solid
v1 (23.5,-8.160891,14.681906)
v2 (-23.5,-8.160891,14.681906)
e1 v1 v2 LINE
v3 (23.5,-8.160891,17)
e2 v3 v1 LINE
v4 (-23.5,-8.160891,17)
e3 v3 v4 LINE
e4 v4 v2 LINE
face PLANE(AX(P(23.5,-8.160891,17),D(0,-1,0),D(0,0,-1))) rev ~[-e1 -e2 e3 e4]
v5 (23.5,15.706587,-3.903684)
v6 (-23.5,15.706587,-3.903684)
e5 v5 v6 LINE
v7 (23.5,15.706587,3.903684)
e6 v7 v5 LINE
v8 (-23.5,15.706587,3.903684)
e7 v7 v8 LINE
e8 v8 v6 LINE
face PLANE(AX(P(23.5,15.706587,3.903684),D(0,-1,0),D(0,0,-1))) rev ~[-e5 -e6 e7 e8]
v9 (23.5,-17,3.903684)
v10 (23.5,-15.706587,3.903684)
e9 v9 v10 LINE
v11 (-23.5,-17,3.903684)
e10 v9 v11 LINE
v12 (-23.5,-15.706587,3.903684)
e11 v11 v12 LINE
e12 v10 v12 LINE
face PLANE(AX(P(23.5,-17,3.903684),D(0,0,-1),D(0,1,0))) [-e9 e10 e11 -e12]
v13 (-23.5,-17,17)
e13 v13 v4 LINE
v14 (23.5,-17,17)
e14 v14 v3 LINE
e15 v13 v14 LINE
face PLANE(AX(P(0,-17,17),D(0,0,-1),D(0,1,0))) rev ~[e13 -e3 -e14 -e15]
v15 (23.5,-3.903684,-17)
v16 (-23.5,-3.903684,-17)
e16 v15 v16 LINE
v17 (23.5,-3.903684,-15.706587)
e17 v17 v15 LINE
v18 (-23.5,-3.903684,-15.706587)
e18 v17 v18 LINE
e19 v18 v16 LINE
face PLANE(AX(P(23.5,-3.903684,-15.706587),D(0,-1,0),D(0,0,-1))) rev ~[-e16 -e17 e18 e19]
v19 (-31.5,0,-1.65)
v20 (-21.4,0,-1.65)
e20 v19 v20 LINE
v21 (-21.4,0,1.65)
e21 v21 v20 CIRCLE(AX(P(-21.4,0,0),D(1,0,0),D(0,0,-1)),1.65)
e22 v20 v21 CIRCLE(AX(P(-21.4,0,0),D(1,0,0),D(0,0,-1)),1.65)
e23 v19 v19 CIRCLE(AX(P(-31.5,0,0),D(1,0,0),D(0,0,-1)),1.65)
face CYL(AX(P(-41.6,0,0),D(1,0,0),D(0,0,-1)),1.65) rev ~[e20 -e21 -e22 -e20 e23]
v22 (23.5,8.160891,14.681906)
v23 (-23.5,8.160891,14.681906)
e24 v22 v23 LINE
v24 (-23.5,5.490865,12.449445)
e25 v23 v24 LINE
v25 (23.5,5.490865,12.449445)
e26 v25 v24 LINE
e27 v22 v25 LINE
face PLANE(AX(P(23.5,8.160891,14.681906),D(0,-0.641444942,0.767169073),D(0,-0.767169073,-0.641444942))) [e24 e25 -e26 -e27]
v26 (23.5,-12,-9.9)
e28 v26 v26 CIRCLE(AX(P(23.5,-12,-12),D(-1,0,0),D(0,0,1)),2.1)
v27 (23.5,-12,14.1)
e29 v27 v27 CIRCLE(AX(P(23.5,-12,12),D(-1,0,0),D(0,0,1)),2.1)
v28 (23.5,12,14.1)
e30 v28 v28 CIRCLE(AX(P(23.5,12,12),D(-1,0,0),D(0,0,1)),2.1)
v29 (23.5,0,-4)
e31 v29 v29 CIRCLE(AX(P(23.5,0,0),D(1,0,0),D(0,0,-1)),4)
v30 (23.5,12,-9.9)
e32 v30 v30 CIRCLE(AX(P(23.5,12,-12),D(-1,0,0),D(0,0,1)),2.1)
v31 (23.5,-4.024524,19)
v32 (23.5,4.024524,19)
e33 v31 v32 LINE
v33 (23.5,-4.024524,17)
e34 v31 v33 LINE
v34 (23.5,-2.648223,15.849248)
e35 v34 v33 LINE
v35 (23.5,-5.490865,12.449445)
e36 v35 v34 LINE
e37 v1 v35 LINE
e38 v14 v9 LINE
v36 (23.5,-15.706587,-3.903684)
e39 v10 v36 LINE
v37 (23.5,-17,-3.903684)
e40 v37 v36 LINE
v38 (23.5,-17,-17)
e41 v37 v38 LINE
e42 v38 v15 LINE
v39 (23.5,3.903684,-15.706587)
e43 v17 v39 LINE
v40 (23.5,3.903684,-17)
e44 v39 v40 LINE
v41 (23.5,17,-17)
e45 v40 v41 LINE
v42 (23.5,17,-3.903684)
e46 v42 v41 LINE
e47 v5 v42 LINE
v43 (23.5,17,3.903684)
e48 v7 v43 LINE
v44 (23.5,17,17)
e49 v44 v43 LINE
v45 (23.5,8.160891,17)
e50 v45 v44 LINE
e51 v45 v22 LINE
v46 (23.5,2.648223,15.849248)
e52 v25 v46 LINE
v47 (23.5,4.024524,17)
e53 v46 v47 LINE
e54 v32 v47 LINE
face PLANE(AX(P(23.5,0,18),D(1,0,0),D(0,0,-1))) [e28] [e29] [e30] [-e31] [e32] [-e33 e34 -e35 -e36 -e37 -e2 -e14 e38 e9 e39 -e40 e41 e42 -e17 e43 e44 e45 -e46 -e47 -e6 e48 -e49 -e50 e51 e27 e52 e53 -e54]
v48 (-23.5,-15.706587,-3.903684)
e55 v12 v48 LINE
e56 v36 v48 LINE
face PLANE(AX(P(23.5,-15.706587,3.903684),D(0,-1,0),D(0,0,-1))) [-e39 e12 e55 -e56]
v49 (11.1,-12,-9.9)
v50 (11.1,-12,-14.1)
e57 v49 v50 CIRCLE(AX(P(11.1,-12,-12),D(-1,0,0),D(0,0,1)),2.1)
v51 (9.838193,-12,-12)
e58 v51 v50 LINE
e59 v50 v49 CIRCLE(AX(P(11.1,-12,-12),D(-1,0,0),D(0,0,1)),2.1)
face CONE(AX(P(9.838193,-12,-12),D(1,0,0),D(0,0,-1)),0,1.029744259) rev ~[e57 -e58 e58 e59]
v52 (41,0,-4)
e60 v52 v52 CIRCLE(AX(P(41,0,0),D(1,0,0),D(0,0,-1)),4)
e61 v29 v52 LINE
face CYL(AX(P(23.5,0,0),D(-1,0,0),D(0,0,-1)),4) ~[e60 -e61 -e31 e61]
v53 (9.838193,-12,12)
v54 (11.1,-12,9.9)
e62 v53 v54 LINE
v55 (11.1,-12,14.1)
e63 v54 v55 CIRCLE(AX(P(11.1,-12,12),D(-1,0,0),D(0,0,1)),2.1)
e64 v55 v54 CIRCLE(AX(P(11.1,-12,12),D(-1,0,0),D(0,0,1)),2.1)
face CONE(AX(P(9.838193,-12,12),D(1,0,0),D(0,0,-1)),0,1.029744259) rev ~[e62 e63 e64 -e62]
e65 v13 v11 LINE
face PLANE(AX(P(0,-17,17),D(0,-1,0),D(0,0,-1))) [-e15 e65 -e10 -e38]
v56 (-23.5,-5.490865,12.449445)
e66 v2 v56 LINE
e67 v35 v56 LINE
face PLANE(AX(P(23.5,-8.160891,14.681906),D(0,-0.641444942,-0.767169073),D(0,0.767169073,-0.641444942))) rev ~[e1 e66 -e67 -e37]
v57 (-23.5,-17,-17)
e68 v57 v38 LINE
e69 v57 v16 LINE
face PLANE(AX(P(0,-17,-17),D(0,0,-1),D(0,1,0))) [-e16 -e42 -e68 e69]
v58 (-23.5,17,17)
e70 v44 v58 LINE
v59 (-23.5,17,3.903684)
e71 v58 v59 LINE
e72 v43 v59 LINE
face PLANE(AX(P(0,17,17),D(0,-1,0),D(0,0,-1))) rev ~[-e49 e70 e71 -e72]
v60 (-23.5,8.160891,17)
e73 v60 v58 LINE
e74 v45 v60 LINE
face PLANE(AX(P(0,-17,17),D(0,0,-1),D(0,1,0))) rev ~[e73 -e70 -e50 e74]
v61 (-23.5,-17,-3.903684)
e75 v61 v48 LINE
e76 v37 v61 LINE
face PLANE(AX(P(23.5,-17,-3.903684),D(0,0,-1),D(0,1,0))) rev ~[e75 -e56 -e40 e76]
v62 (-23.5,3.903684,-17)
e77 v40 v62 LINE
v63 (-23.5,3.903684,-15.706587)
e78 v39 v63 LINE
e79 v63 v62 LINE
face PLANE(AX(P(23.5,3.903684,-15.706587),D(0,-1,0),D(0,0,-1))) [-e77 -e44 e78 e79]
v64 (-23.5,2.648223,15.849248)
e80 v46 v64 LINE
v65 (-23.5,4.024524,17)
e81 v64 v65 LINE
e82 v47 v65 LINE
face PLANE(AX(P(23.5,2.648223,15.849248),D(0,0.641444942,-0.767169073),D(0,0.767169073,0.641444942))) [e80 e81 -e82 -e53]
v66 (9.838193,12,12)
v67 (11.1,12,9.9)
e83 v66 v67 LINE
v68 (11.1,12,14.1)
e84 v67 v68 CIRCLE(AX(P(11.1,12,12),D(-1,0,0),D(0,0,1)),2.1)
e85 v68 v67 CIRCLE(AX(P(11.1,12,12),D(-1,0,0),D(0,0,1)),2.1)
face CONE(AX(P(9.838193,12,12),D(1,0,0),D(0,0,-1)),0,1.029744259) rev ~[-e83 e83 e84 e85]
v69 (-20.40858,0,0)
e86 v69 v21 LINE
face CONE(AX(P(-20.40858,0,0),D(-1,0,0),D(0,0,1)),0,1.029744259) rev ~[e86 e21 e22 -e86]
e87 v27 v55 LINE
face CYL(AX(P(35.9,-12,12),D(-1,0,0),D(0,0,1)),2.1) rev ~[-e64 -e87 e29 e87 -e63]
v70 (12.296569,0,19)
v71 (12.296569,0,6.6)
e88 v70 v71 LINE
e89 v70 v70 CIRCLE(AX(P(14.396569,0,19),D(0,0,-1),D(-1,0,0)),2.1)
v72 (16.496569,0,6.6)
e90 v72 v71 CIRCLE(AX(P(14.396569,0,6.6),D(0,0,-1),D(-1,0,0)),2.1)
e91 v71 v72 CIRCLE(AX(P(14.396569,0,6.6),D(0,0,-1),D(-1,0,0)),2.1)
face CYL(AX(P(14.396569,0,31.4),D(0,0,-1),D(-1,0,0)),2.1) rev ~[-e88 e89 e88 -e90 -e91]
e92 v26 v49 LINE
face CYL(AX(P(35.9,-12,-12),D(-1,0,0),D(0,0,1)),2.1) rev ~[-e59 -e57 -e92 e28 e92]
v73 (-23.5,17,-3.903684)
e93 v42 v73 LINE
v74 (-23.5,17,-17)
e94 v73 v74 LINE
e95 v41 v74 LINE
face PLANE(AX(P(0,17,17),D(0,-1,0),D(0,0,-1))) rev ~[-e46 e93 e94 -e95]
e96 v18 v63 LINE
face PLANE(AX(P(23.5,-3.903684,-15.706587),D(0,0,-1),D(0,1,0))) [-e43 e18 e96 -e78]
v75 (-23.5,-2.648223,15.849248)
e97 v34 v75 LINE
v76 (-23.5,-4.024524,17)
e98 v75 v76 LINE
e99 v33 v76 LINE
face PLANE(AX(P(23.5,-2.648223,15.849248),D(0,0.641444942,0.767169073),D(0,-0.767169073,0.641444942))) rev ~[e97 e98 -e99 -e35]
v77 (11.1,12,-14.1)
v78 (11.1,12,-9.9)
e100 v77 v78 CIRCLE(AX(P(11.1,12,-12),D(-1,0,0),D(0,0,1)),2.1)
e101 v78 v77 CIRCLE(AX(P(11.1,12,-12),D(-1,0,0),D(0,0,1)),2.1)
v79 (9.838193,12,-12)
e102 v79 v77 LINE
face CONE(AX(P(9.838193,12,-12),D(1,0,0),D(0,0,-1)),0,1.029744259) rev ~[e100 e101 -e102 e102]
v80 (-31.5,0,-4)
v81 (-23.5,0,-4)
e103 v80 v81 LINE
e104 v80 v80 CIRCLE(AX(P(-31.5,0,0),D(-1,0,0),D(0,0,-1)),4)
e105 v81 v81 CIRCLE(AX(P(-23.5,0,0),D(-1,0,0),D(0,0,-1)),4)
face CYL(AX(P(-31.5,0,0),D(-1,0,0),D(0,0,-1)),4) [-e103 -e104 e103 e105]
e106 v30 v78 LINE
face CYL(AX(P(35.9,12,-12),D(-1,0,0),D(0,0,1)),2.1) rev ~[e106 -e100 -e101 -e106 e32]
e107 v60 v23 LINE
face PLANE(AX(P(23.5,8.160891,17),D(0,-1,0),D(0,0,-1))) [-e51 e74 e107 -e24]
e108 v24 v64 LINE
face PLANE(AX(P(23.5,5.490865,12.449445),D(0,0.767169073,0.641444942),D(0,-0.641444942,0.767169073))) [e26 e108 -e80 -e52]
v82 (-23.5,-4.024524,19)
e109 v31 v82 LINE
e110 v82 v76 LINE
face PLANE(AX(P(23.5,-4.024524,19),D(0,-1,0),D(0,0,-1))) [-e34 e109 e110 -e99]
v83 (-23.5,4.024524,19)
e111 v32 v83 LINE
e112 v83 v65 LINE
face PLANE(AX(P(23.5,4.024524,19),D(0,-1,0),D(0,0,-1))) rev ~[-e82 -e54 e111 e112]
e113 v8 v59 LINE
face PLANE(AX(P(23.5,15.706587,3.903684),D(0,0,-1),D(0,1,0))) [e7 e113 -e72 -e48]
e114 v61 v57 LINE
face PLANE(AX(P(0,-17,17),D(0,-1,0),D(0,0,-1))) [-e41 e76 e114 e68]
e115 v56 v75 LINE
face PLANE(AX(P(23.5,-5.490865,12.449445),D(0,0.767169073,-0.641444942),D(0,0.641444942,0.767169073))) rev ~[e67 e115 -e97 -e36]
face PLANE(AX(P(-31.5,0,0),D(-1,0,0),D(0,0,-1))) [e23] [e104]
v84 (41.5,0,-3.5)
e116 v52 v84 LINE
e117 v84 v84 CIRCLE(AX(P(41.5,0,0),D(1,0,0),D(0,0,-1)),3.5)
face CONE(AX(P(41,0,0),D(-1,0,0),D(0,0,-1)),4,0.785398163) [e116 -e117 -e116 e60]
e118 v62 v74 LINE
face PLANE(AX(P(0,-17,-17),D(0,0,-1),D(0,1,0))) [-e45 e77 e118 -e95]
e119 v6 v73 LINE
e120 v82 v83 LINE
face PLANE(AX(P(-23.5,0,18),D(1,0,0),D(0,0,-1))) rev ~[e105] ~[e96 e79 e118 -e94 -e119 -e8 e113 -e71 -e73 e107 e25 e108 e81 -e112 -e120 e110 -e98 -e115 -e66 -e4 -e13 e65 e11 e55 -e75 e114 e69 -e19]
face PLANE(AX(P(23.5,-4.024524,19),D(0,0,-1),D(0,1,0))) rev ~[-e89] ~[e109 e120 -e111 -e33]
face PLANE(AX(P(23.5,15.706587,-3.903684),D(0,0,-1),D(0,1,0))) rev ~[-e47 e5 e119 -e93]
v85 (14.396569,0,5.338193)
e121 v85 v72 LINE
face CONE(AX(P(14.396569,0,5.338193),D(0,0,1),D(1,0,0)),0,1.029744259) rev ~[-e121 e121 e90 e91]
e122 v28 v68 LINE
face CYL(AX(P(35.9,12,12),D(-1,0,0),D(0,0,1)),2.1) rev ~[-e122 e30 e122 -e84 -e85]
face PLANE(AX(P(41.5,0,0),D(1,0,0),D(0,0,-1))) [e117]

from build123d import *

# Parameters (mm, degrees)
SKETCH_1_W          = 34
SKETCH_1_H          = 34
EXTRUDE_1_DEPTH     = 23.5
SKETCH_2_W          = 7.807367758
SKETCH_2_H          = 1.293413098
SKETCH_2_W_2        = 1.293413098
SKETCH_2_H_2        = 7.807367758
CUT_EXTRUDE_1_DEPTH = 53.792044855
CUT_EXTRUDE_2_DEPTH = 53.792044855
SKETCH_4_W          = 2
SKETCH_4_H          = 8.049048512
EXTRUDE_2_DEPTH     = 47
M5X0_8_1_D          = 4.2
M5X0_8_1_DEPTH      = 12.4
M5X0_8_1_TIP        = 1.2618073
SKETCH_7_R          = 4
EXTRUDE_3_DEPTH     = 18
EXTRUDE_START       = 8
SKETCH_8_R          = 4
EXTRUDE_4_DEPTH     = 8
M4X0_7_1_D          = 3.3
M4X0_7_1_DEPTH      = 10.1
M4X0_7_1_TIP        = 0.991420021
M5X0_8_2_D          = 4.2
M5X0_8_2_DEPTH      = 12.4
M5X0_8_2_TIP        = 1.2618073
CHAMFER_1_SIZE      = 0.5


with BuildPart() as part:
    # 草图1 → 凸台-拉伸1 (new, symmetric)
    with BuildSketch(Plane(origin=(0, 0, 0), x_dir=(0, 0, -1), z_dir=(1, 0, 0))):
        Rectangle(SKETCH_1_W, SKETCH_1_H)
    extrude(amount=EXTRUDE_1_DEPTH, both=True)

    # 草图2 → 切除-拉伸1 (cut, through all)
    with BuildSketch(Plane(origin=(23.5, 0, 0), x_dir=(0, 0, -1), z_dir=(1, 0, 0))):
        with Locations((0, 16.353293451)):
            Rectangle(SKETCH_2_W, SKETCH_2_H)
        with Locations((0, -16.353293451)):
            Rectangle(SKETCH_2_W, SKETCH_2_H)
        with Locations((16.353293451, 0)):
            Rectangle(SKETCH_2_W_2, SKETCH_2_H_2)
    extrude(amount=-CUT_EXTRUDE_1_DEPTH, mode=Mode.SUBTRACT)

    # 草图3 → 切除-拉伸2 (cut, through all)
    with BuildSketch(Plane(origin=(23.5, 0, 0), x_dir=(0, 0, -1), z_dir=(1, 0, 0))):
        Polygon((-17, 8.160891433), (-14.681905921, 8.160891433), (-12.449444795, 5.490864716), (-15.849248052, 2.648223271), (-17, 4.024524256), align=None)
        Polygon((-17, -4.024524256), (-17, -8.160891433), (-14.681905921, -8.160891433), (-12.449444795, -5.490864716), (-15.849248052, -2.648223271), align=None)
    extrude(amount=-CUT_EXTRUDE_2_DEPTH, mode=Mode.SUBTRACT)

    # 草图4 → 凸台-拉伸2 (add)
    with BuildSketch(Plane(origin=(23.5, 0, 0), x_dir=(0, 0, -1), z_dir=(1, 0, 0))):
        with Locations((-18, 0)):
            Rectangle(SKETCH_4_W, SKETCH_4_H)
    extrude(amount=-EXTRUDE_2_DEPTH)

    # M5x0.8 螺纹孔1
    with Locations(Plane.XY.offset(19)):
        with Locations((14.396569206, 0)):
            Hole(M5X0_8_1_D / 2, depth=M5X0_8_1_DEPTH)
            with Locations((0, 0, -(M5X0_8_1_DEPTH + M5X0_8_1_TIP / 2))):  # 118° drill point
                Cone(0, M5X0_8_1_D / 2, M5X0_8_1_TIP, mode=Mode.SUBTRACT)

    # 草图7 → 凸台-拉伸3 (add)
    with BuildSketch(Plane(origin=(23.5, 0, 0), x_dir=(0, 0, -1), z_dir=(1, 0, 0))):
        Circle(SKETCH_7_R)
    extrude(amount=EXTRUDE_3_DEPTH)

    # 草图8 → 凸台-拉伸4 (add)
    with BuildSketch(Plane.ZY.offset(23.5).offset(EXTRUDE_START)):
        with Locations(Location((0, 0, 0), (0, 0, 180))):
            Circle(SKETCH_8_R)
    extrude(amount=-EXTRUDE_4_DEPTH)

    # M4x0.7 螺纹孔1
    with Locations(Plane.ZY.offset(31.5)):
        with Locations((0, 0)):
            Hole(M4X0_7_1_D / 2, depth=M4X0_7_1_DEPTH)
            with Locations((0, 0, -(M4X0_7_1_DEPTH + M4X0_7_1_TIP / 2))):  # 118° drill point
                Cone(0, M4X0_7_1_D / 2, M4X0_7_1_TIP, mode=Mode.SUBTRACT)

    # M5x0.8 螺纹孔2
    with Locations(Plane(origin=(23.5, 0, 0), x_dir=(0, 0, -1), z_dir=(1, 0, 0))):
        with Locations((-12, 12), (12, 12), (12, -12), (-12, -12)):
            Hole(M5X0_8_2_D / 2, depth=M5X0_8_2_DEPTH)
            with Locations((0, 0, -(M5X0_8_2_DEPTH + M5X0_8_2_TIP / 2))):  # 118° drill point
                Cone(0, M5X0_8_2_D / 2, M5X0_8_2_TIP, mode=Mode.SUBTRACT)

    # 倒角1
    chamfer_1_edges = [part.edges().sort_by_distance(p)[0] for p in [
        (41.5, 0, 4),
    ]]
    chamfer(chamfer_1_edges, length=CHAMFER_1_SIZE)


solid = part.part
